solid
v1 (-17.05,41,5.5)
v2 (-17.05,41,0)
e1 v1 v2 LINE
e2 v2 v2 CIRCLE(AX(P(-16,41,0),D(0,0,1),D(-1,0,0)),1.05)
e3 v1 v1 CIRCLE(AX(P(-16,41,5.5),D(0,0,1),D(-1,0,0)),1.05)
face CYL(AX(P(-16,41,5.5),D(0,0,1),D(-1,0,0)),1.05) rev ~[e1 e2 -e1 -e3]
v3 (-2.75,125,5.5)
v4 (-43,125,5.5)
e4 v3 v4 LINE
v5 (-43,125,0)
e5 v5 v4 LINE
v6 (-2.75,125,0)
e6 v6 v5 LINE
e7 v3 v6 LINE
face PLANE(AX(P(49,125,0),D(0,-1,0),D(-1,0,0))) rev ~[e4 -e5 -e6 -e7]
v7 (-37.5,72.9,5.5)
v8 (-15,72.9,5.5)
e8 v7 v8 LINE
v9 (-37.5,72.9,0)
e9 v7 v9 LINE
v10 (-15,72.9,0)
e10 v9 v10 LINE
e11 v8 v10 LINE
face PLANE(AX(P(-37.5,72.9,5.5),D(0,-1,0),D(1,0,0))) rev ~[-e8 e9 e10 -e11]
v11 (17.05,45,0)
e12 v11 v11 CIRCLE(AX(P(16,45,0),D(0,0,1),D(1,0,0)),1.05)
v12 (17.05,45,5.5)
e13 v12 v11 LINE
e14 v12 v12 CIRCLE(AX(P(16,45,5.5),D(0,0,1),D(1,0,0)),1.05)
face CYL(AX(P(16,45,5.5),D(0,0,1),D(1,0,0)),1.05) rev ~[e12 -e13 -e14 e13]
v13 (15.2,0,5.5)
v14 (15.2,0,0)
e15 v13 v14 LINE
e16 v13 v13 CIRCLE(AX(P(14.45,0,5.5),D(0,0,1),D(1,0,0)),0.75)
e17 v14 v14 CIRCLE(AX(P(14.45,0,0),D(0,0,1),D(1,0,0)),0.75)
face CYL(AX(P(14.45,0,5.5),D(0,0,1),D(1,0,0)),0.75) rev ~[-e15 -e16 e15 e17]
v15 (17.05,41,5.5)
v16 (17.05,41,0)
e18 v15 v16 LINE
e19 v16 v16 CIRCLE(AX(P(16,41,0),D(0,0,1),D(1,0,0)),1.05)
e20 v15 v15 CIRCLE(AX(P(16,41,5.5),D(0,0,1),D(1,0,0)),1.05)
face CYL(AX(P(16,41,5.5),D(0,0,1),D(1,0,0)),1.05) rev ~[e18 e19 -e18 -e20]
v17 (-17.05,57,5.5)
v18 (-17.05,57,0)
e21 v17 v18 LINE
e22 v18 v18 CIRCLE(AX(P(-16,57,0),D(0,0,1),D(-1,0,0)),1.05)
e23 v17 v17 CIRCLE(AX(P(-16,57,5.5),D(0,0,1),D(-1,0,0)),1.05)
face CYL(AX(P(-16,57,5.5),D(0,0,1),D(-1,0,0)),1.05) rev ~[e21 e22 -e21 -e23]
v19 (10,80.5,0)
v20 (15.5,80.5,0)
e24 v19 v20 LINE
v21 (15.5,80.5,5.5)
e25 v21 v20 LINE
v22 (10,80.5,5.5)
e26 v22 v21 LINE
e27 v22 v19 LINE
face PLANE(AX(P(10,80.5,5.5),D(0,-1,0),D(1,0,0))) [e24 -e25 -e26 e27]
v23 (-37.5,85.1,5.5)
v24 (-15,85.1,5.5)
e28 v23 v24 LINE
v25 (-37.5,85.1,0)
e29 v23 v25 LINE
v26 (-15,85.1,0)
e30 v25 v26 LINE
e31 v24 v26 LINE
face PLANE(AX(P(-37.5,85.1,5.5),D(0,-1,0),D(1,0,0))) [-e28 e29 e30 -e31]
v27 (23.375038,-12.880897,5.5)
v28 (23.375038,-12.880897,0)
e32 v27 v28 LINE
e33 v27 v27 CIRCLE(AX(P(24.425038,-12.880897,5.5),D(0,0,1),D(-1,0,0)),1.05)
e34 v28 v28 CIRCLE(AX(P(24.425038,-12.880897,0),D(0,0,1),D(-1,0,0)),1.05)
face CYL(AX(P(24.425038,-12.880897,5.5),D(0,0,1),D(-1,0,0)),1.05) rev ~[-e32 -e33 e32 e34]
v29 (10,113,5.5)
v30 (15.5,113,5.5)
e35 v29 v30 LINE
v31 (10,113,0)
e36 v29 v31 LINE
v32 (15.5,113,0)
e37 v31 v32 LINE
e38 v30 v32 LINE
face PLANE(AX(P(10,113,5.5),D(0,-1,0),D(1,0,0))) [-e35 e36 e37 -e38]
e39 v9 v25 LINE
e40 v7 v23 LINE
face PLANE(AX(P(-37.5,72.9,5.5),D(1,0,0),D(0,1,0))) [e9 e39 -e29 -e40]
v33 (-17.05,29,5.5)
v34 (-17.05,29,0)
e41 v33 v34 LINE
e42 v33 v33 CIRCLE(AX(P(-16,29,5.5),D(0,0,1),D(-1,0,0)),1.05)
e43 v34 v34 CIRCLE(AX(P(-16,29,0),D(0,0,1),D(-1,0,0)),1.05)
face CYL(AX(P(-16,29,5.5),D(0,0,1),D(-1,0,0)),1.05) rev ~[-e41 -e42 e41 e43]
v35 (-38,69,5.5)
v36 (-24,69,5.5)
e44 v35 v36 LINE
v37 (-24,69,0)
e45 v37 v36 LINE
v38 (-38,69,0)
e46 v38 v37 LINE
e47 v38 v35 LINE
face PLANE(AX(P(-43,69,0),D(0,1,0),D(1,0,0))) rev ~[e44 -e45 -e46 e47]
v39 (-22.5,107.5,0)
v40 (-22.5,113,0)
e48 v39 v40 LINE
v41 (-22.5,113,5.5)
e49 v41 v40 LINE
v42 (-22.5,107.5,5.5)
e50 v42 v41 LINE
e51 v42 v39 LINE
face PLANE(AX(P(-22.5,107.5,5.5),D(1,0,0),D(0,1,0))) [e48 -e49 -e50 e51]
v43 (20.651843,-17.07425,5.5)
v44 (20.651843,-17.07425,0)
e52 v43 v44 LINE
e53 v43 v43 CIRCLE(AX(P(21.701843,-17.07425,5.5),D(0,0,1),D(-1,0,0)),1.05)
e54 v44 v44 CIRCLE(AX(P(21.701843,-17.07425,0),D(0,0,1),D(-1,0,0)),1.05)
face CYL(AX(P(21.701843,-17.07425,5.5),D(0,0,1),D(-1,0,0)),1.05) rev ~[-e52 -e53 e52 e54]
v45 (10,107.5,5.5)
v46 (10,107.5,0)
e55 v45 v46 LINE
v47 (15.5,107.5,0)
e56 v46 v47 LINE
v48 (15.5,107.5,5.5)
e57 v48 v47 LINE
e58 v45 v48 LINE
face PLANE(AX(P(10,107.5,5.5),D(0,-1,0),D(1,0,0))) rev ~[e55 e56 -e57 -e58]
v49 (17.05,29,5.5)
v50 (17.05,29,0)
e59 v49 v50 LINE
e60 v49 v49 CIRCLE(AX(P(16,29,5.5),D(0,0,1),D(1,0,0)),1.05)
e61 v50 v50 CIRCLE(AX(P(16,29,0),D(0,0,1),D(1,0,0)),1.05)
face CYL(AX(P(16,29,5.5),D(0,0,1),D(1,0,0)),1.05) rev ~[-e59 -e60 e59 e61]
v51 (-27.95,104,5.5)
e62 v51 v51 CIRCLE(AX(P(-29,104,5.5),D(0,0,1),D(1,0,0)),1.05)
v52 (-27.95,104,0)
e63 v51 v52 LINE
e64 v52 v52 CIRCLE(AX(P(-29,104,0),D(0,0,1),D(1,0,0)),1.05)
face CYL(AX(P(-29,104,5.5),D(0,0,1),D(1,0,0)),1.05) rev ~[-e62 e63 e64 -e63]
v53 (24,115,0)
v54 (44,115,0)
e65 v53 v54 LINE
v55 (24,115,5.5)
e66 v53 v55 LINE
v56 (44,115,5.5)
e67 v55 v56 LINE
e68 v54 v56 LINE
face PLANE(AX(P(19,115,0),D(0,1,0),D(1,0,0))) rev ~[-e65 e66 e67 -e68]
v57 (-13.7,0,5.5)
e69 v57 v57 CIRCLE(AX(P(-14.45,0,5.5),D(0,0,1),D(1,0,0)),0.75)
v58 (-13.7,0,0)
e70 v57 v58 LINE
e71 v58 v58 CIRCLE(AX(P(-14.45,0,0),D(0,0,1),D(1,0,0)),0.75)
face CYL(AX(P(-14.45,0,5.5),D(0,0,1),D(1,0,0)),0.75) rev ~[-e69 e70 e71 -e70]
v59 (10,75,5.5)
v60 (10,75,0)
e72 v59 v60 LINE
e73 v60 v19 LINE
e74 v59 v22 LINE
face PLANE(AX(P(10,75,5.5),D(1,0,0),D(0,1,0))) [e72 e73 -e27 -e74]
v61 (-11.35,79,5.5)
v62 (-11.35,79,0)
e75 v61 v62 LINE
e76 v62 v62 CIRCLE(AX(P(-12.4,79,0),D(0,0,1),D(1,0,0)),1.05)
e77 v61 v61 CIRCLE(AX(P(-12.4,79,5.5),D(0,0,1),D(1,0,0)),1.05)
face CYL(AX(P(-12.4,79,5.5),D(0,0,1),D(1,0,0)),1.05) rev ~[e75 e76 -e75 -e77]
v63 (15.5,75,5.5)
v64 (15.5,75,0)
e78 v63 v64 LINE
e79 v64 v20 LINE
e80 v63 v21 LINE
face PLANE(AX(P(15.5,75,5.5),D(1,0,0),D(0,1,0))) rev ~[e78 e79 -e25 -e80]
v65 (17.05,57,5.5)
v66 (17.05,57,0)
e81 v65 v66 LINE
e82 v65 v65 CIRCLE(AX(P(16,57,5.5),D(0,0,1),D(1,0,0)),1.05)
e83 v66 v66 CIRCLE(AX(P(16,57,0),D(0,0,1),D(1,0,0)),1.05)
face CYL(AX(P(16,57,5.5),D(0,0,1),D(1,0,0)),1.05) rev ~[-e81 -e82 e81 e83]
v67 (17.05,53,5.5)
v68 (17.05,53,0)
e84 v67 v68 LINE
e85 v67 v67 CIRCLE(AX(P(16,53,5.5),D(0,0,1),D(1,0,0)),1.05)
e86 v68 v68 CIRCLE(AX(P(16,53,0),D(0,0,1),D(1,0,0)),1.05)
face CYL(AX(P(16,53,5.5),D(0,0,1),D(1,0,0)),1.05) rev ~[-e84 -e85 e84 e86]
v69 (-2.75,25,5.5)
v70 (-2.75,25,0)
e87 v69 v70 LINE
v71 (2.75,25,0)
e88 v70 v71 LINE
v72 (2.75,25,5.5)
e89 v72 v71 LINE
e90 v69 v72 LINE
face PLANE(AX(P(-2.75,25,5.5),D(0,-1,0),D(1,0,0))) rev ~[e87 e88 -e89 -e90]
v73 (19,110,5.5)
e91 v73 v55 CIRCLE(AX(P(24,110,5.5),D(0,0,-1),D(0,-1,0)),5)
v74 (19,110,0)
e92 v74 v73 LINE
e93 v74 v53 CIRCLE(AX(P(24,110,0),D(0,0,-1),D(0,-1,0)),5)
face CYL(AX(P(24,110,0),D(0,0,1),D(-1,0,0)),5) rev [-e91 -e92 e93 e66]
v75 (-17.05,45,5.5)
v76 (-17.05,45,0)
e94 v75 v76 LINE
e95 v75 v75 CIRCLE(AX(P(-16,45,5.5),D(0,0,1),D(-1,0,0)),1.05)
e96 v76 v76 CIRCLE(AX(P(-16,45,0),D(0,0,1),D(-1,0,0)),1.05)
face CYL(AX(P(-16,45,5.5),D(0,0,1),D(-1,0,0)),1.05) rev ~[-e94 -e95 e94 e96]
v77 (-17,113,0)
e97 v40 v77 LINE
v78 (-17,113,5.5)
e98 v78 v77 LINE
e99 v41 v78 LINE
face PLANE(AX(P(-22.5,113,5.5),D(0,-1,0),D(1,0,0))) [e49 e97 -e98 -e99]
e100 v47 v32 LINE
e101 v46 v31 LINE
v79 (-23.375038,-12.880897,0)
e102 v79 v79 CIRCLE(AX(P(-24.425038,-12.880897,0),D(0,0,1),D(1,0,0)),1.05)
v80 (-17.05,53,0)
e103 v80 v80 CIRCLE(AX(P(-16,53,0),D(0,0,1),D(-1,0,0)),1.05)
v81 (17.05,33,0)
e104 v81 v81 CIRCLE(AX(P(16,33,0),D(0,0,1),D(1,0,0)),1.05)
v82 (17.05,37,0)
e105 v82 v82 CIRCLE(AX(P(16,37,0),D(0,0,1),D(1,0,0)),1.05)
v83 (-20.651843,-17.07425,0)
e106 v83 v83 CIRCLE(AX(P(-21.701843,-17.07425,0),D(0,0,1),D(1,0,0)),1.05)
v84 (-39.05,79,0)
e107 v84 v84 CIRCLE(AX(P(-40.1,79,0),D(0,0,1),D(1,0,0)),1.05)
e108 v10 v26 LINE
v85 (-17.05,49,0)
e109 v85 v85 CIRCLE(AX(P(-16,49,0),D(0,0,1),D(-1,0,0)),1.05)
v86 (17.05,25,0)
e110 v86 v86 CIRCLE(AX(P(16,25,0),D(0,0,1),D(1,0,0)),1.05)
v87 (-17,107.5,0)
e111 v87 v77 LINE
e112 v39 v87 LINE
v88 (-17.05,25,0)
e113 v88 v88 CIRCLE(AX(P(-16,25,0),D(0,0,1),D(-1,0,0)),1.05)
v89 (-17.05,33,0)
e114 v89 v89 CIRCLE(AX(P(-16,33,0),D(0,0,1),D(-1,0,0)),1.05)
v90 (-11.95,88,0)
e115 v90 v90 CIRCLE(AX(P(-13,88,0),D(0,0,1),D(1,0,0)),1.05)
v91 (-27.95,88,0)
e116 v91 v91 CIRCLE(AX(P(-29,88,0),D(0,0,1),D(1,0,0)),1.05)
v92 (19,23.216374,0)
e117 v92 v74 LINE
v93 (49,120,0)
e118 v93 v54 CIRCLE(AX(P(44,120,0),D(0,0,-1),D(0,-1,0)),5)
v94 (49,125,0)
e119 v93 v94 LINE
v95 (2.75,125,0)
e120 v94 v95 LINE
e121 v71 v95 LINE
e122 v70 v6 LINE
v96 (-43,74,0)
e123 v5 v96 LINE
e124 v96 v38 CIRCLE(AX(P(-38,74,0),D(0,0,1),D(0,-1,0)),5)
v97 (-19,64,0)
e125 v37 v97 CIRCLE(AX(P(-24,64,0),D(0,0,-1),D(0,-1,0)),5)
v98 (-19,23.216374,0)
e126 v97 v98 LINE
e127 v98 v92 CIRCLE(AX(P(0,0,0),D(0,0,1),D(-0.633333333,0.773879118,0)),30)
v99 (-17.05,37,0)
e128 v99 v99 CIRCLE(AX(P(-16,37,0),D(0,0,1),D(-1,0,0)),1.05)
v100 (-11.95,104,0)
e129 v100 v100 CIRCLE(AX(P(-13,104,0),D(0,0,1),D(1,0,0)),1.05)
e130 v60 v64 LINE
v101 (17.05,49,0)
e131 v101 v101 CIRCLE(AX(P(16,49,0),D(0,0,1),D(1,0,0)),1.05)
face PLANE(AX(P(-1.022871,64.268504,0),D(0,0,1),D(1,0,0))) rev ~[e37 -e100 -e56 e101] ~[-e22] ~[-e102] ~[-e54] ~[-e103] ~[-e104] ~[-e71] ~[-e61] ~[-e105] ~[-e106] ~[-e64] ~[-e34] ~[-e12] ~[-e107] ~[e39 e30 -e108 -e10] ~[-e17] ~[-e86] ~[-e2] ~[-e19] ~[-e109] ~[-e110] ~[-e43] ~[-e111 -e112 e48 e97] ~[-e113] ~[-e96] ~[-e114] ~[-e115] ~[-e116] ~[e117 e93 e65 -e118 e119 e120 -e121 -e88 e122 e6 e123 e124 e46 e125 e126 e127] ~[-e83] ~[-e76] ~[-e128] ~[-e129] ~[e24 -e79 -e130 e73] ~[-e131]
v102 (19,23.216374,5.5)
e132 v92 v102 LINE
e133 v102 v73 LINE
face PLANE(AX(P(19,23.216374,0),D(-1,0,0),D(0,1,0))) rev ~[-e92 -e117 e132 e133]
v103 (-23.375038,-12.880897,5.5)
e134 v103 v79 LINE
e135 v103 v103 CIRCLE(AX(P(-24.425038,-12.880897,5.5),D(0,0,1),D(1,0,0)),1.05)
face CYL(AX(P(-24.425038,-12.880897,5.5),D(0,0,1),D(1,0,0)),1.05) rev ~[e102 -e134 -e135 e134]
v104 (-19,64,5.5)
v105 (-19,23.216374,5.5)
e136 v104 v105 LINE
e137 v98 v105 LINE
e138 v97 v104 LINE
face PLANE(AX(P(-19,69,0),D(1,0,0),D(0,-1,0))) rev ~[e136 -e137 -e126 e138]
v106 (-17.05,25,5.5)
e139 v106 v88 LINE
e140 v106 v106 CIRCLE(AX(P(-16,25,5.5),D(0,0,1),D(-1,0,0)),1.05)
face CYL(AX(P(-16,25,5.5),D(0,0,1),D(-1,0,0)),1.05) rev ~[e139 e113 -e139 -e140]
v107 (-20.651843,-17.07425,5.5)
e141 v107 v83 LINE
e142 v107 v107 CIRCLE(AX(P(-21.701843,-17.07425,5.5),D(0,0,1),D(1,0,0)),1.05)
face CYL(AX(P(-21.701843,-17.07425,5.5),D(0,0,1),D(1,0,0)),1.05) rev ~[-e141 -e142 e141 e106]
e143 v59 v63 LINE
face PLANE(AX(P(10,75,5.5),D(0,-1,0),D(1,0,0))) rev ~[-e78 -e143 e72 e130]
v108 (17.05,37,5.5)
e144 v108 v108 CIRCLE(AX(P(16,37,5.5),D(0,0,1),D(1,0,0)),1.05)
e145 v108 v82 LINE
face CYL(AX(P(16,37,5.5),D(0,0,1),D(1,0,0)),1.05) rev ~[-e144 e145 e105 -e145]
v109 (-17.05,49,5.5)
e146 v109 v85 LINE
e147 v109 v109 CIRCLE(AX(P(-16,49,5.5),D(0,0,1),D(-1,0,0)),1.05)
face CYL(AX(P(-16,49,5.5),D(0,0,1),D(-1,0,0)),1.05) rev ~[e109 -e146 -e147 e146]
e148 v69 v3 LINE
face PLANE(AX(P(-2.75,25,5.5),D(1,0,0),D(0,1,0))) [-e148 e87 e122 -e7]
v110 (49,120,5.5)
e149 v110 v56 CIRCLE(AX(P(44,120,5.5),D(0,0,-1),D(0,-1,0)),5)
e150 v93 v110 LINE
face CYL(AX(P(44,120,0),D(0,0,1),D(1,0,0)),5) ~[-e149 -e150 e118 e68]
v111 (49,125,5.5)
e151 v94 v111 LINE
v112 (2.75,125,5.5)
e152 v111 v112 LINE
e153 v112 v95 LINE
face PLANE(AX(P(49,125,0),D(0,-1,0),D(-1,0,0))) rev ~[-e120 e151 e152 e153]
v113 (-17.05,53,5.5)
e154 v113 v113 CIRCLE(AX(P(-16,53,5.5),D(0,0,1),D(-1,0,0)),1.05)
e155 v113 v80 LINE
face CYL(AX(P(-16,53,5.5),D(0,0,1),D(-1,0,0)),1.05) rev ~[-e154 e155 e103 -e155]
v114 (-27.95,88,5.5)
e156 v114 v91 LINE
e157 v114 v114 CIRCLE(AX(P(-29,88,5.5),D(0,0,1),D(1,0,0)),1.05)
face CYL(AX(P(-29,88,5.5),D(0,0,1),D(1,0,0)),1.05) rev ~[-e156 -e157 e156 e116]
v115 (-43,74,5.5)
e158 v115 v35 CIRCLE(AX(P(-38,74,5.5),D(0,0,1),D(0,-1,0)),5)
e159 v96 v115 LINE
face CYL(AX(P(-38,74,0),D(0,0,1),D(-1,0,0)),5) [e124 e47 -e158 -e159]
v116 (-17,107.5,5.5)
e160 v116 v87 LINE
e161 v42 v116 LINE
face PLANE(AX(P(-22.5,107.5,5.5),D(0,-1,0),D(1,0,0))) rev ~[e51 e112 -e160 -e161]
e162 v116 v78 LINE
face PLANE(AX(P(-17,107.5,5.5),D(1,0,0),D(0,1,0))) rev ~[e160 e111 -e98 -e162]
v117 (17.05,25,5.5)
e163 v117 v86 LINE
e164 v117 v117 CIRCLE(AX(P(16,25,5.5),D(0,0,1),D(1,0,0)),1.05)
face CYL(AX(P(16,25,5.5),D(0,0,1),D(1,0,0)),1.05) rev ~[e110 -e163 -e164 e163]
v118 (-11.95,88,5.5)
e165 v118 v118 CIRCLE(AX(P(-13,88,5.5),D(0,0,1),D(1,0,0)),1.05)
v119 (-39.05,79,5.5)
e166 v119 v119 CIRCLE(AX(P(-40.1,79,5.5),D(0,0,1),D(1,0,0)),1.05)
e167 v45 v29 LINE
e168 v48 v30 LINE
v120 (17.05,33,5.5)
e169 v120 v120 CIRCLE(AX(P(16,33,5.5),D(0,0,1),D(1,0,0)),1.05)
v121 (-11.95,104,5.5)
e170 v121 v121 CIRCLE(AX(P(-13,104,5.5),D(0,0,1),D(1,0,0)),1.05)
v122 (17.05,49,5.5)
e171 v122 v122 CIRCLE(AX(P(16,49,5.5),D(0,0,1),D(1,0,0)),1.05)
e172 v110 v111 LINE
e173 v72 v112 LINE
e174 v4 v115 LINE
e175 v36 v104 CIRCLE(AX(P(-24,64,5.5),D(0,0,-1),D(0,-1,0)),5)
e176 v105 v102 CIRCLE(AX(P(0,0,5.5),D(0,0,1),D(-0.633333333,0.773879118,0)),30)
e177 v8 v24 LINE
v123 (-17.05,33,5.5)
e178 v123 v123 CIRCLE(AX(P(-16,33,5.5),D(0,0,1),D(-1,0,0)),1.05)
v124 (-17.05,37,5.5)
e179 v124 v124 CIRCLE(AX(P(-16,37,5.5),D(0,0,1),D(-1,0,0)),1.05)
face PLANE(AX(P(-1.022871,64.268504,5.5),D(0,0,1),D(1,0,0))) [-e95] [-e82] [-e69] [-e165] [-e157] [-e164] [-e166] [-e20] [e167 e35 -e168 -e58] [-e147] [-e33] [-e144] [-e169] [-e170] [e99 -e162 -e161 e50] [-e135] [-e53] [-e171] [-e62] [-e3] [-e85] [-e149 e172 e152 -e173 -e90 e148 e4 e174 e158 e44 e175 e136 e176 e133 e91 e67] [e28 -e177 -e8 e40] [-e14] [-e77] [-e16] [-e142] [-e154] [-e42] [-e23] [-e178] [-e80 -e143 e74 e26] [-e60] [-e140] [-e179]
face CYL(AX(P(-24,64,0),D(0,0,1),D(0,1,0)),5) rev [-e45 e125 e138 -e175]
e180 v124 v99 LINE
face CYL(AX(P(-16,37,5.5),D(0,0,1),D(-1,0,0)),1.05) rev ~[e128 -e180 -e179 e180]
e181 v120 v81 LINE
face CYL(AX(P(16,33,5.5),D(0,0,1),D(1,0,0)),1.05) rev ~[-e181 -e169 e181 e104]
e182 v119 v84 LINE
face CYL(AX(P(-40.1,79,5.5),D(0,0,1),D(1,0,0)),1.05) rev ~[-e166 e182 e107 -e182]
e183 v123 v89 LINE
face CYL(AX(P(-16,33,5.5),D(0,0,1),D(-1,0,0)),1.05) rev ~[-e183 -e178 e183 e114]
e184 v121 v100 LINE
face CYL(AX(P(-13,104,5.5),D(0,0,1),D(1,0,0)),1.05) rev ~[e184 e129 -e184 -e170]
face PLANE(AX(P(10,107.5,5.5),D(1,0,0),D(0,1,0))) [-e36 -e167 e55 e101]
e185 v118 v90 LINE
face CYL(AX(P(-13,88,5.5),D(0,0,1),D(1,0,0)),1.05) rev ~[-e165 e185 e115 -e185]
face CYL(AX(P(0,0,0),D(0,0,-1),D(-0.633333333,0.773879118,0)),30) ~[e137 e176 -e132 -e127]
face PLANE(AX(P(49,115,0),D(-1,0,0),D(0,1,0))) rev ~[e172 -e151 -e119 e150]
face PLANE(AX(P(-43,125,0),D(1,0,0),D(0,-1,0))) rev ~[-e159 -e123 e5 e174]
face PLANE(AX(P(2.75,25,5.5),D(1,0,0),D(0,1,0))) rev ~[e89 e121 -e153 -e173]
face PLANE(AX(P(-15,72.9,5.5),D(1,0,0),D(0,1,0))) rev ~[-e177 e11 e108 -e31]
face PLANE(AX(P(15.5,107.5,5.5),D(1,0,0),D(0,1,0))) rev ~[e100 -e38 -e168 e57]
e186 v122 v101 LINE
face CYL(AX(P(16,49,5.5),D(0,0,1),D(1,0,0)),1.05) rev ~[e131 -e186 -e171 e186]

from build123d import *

# Parameters (mm, degrees)
EXTRUDE_1_DEPTH      = 5.5
SKETCH_5_R           = 0.75
CUT_EXTRUDE_3_DEPTH  = 135.373546504
SKETCH_6_R           = 1.05
CUT_EXTRUDE_4_DEPTH  = 135.373546504
SKETCH_8_W           = 5.5
SKETCH_8_H           = 5.5
CUT_EXTRUDE_6_DEPTH  = 135.373546504
SKETCH_9_R           = 1.05
CUT_EXTRUDE_7_DEPTH  = 135.373546504
SKETCH_10_W          = 5.5
SKETCH_10_H          = 100
CUT_EXTRUDE_8_DEPTH  = 135.373546504
SKETCH_11_R          = 1.05
CUT_EXTRUDE_9_DEPTH  = 135.373546504
SKETCH_12_R          = 1.05
SKETCH_12_W          = 22.5
SKETCH_12_H          = 12.2
CUT_EXTRUDE_10_DEPTH = 10
FILLET_1_R           = 5
FILLET_2_R           = 5


with BuildPart() as part:
    # ｽｹｯﾁ1 → ﾎﾞｽ - 押し出し1 (new body)
    with BuildSketch(Plane.XY):
        with BuildLine():
            Line((19, 125), (-43, 125))
            Line((-43, 125), (-43, 69))
            Line((-43, 69), (-19, 69))
            Line((-19, 69), (-19, 23.216373532))
            ThreePointArc((-19, 23.216373532), (0, -30), (19, 23.216373532))
            Line((19, 23.216373532), (19, 115))
            Line((19, 115), (49, 115))
            Line((49, 115), (49, 125))
            Line((49, 125), (19, 125))
        make_face()
    extrude(amount=EXTRUDE_1_DEPTH)

    # ｽｹｯﾁ5 → ｶｯﾄ - 押し出し3 (cut, through all)
    with BuildSketch(Plane.XY.offset(5.5)):
        with Locations((14.45, 0)):
            Circle(SKETCH_5_R)
        with Locations((-14.45, 0)):
            Circle(SKETCH_5_R)
    extrude(amount=-CUT_EXTRUDE_3_DEPTH, mode=Mode.SUBTRACT)

    # ｽｹｯﾁ6 → ｶｯﾄ - 押し出し4 (cut, through all)
    with BuildSketch(Plane.XY.offset(5.5)):
        with Locations((-24.425038206, -12.880897043)):
            Circle(SKETCH_6_R)
        with Locations((-21.701843031, -17.074249883)):
            Circle(SKETCH_6_R)
        with Locations(Location((24.425038206, -12.880897043, 0), (0, 0, 180))):
            Circle(SKETCH_6_R)
        with Locations(Location((21.701843031, -17.074249883, 0), (0, 0, 180))):
            Circle(SKETCH_6_R)
    extrude(amount=-CUT_EXTRUDE_4_DEPTH, mode=Mode.SUBTRACT)

    # ｽｹｯﾁ8 → ｶｯﾄ - 押し出し6 (cut, through all)
    with BuildSketch(Plane.XY.offset(5.5)):
        with Locations((12.75, 110.25)):
            Rectangle(SKETCH_8_W, SKETCH_8_H)
        with Locations((-19.75, 110.25)):
            Rectangle(SKETCH_8_W, SKETCH_8_H)
        with Locations((12.75, 77.75)):
            Rectangle(SKETCH_8_W, SKETCH_8_H)
    extrude(amount=-CUT_EXTRUDE_6_DEPTH, mode=Mode.SUBTRACT)

    # ｽｹｯﾁ9 → ｶｯﾄ - 押し出し7 (cut, through all)
    with BuildSketch(Plane.XY.offset(5.5)):
        with Locations((16, 25)):
            Circle(SKETCH_9_R)
        with Locations((16, 29)):
            Circle(SKETCH_9_R)
        with Locations((16, 33)):
            Circle(SKETCH_9_R)
        with Locations((16, 37)):
            Circle(SKETCH_9_R)
        with Locations((16, 41)):
            Circle(SKETCH_9_R)
        with Locations((16, 45)):
            Circle(SKETCH_9_R)
        with Locations((16, 49)):
            Circle(SKETCH_9_R)
        with Locations((16, 53)):
            Circle(SKETCH_9_R)
        with Locations((16, 57)):
            Circle(SKETCH_9_R)
        with Locations(Location((-16, 57, 0), (0, 0, 180))):
            Circle(SKETCH_9_R)
        with Locations(Location((-16, 53, 0), (0, 0, 180))):
            Circle(SKETCH_9_R)
        with Locations(Location((-16, 49, 0), (0, 0, 180))):
            Circle(SKETCH_9_R)
        with Locations(Location((-16, 45, 0), (0, 0, 180))):
            Circle(SKETCH_9_R)
        with Locations(Location((-16, 41, 0), (0, 0, 180))):
            Circle(SKETCH_9_R)
        with Locations(Location((-16, 37, 0), (0, 0, 180))):
            Circle(SKETCH_9_R)
        with Locations(Location((-16, 33, 0), (0, 0, 180))):
            Circle(SKETCH_9_R)
        with Locations(Location((-16, 29, 0), (0, 0, 180))):
            Circle(SKETCH_9_R)
        with Locations(Location((-16, 25, 0), (0, 0, 180))):
            Circle(SKETCH_9_R)
    extrude(amount=-CUT_EXTRUDE_7_DEPTH, mode=Mode.SUBTRACT)

    # ｽｹｯﾁ10 → ｶｯﾄ - 押し出し8 (cut, through all)
    with BuildSketch(Plane.XY.offset(5.5)):
        with Locations((0, 75)):
            Rectangle(SKETCH_10_W, SKETCH_10_H)
    extrude(amount=-CUT_EXTRUDE_8_DEPTH, mode=Mode.SUBTRACT)

    # ｽｹｯﾁ11 → ｶｯﾄ - 押し出し9 (cut, through all)
    with BuildSketch(Plane.XY.offset(5.5)):
        with Locations((-13, 104)):
            Circle(SKETCH_11_R)
        with Locations((-29, 104)):
            Circle(SKETCH_11_R)
        with Locations((-13, 88)):
            Circle(SKETCH_11_R)
        with Locations((-29, 88)):
            Circle(SKETCH_11_R)
    extrude(amount=-CUT_EXTRUDE_9_DEPTH, mode=Mode.SUBTRACT)

    # ｽｹｯﾁ12 → ｶｯﾄ - 押し出し10 (cut)
    with BuildSketch(Plane.XY.offset(5.5)):
        with Locations((-40.1, 79)):
            Circle(SKETCH_12_R)
        with Locations((-12.4, 79)):
            Circle(SKETCH_12_R)
        with Locations((-26.25, 79)):
            Rectangle(SKETCH_12_W, SKETCH_12_H)
    extrude(amount=-CUT_EXTRUDE_10_DEPTH, mode=Mode.SUBTRACT)

    # ﾌｨﾚｯﾄ1
    fillet_1_edges = [part.edges().sort_by_distance(p)[0] for p in [
        (-19, 69, 2.75),
        (-43, 69, 2.75),
    ]]
    fillet(fillet_1_edges, radius=FILLET_1_R)

    # ﾌｨﾚｯﾄ2
    fillet_2_edges = [part.edges().sort_by_distance(p)[0] for p in [
        (19, 115, 2.75),
        (49, 115, 2.75),
    ]]
    fillet(fillet_2_edges, radius=FILLET_2_R)


solid = part.part
